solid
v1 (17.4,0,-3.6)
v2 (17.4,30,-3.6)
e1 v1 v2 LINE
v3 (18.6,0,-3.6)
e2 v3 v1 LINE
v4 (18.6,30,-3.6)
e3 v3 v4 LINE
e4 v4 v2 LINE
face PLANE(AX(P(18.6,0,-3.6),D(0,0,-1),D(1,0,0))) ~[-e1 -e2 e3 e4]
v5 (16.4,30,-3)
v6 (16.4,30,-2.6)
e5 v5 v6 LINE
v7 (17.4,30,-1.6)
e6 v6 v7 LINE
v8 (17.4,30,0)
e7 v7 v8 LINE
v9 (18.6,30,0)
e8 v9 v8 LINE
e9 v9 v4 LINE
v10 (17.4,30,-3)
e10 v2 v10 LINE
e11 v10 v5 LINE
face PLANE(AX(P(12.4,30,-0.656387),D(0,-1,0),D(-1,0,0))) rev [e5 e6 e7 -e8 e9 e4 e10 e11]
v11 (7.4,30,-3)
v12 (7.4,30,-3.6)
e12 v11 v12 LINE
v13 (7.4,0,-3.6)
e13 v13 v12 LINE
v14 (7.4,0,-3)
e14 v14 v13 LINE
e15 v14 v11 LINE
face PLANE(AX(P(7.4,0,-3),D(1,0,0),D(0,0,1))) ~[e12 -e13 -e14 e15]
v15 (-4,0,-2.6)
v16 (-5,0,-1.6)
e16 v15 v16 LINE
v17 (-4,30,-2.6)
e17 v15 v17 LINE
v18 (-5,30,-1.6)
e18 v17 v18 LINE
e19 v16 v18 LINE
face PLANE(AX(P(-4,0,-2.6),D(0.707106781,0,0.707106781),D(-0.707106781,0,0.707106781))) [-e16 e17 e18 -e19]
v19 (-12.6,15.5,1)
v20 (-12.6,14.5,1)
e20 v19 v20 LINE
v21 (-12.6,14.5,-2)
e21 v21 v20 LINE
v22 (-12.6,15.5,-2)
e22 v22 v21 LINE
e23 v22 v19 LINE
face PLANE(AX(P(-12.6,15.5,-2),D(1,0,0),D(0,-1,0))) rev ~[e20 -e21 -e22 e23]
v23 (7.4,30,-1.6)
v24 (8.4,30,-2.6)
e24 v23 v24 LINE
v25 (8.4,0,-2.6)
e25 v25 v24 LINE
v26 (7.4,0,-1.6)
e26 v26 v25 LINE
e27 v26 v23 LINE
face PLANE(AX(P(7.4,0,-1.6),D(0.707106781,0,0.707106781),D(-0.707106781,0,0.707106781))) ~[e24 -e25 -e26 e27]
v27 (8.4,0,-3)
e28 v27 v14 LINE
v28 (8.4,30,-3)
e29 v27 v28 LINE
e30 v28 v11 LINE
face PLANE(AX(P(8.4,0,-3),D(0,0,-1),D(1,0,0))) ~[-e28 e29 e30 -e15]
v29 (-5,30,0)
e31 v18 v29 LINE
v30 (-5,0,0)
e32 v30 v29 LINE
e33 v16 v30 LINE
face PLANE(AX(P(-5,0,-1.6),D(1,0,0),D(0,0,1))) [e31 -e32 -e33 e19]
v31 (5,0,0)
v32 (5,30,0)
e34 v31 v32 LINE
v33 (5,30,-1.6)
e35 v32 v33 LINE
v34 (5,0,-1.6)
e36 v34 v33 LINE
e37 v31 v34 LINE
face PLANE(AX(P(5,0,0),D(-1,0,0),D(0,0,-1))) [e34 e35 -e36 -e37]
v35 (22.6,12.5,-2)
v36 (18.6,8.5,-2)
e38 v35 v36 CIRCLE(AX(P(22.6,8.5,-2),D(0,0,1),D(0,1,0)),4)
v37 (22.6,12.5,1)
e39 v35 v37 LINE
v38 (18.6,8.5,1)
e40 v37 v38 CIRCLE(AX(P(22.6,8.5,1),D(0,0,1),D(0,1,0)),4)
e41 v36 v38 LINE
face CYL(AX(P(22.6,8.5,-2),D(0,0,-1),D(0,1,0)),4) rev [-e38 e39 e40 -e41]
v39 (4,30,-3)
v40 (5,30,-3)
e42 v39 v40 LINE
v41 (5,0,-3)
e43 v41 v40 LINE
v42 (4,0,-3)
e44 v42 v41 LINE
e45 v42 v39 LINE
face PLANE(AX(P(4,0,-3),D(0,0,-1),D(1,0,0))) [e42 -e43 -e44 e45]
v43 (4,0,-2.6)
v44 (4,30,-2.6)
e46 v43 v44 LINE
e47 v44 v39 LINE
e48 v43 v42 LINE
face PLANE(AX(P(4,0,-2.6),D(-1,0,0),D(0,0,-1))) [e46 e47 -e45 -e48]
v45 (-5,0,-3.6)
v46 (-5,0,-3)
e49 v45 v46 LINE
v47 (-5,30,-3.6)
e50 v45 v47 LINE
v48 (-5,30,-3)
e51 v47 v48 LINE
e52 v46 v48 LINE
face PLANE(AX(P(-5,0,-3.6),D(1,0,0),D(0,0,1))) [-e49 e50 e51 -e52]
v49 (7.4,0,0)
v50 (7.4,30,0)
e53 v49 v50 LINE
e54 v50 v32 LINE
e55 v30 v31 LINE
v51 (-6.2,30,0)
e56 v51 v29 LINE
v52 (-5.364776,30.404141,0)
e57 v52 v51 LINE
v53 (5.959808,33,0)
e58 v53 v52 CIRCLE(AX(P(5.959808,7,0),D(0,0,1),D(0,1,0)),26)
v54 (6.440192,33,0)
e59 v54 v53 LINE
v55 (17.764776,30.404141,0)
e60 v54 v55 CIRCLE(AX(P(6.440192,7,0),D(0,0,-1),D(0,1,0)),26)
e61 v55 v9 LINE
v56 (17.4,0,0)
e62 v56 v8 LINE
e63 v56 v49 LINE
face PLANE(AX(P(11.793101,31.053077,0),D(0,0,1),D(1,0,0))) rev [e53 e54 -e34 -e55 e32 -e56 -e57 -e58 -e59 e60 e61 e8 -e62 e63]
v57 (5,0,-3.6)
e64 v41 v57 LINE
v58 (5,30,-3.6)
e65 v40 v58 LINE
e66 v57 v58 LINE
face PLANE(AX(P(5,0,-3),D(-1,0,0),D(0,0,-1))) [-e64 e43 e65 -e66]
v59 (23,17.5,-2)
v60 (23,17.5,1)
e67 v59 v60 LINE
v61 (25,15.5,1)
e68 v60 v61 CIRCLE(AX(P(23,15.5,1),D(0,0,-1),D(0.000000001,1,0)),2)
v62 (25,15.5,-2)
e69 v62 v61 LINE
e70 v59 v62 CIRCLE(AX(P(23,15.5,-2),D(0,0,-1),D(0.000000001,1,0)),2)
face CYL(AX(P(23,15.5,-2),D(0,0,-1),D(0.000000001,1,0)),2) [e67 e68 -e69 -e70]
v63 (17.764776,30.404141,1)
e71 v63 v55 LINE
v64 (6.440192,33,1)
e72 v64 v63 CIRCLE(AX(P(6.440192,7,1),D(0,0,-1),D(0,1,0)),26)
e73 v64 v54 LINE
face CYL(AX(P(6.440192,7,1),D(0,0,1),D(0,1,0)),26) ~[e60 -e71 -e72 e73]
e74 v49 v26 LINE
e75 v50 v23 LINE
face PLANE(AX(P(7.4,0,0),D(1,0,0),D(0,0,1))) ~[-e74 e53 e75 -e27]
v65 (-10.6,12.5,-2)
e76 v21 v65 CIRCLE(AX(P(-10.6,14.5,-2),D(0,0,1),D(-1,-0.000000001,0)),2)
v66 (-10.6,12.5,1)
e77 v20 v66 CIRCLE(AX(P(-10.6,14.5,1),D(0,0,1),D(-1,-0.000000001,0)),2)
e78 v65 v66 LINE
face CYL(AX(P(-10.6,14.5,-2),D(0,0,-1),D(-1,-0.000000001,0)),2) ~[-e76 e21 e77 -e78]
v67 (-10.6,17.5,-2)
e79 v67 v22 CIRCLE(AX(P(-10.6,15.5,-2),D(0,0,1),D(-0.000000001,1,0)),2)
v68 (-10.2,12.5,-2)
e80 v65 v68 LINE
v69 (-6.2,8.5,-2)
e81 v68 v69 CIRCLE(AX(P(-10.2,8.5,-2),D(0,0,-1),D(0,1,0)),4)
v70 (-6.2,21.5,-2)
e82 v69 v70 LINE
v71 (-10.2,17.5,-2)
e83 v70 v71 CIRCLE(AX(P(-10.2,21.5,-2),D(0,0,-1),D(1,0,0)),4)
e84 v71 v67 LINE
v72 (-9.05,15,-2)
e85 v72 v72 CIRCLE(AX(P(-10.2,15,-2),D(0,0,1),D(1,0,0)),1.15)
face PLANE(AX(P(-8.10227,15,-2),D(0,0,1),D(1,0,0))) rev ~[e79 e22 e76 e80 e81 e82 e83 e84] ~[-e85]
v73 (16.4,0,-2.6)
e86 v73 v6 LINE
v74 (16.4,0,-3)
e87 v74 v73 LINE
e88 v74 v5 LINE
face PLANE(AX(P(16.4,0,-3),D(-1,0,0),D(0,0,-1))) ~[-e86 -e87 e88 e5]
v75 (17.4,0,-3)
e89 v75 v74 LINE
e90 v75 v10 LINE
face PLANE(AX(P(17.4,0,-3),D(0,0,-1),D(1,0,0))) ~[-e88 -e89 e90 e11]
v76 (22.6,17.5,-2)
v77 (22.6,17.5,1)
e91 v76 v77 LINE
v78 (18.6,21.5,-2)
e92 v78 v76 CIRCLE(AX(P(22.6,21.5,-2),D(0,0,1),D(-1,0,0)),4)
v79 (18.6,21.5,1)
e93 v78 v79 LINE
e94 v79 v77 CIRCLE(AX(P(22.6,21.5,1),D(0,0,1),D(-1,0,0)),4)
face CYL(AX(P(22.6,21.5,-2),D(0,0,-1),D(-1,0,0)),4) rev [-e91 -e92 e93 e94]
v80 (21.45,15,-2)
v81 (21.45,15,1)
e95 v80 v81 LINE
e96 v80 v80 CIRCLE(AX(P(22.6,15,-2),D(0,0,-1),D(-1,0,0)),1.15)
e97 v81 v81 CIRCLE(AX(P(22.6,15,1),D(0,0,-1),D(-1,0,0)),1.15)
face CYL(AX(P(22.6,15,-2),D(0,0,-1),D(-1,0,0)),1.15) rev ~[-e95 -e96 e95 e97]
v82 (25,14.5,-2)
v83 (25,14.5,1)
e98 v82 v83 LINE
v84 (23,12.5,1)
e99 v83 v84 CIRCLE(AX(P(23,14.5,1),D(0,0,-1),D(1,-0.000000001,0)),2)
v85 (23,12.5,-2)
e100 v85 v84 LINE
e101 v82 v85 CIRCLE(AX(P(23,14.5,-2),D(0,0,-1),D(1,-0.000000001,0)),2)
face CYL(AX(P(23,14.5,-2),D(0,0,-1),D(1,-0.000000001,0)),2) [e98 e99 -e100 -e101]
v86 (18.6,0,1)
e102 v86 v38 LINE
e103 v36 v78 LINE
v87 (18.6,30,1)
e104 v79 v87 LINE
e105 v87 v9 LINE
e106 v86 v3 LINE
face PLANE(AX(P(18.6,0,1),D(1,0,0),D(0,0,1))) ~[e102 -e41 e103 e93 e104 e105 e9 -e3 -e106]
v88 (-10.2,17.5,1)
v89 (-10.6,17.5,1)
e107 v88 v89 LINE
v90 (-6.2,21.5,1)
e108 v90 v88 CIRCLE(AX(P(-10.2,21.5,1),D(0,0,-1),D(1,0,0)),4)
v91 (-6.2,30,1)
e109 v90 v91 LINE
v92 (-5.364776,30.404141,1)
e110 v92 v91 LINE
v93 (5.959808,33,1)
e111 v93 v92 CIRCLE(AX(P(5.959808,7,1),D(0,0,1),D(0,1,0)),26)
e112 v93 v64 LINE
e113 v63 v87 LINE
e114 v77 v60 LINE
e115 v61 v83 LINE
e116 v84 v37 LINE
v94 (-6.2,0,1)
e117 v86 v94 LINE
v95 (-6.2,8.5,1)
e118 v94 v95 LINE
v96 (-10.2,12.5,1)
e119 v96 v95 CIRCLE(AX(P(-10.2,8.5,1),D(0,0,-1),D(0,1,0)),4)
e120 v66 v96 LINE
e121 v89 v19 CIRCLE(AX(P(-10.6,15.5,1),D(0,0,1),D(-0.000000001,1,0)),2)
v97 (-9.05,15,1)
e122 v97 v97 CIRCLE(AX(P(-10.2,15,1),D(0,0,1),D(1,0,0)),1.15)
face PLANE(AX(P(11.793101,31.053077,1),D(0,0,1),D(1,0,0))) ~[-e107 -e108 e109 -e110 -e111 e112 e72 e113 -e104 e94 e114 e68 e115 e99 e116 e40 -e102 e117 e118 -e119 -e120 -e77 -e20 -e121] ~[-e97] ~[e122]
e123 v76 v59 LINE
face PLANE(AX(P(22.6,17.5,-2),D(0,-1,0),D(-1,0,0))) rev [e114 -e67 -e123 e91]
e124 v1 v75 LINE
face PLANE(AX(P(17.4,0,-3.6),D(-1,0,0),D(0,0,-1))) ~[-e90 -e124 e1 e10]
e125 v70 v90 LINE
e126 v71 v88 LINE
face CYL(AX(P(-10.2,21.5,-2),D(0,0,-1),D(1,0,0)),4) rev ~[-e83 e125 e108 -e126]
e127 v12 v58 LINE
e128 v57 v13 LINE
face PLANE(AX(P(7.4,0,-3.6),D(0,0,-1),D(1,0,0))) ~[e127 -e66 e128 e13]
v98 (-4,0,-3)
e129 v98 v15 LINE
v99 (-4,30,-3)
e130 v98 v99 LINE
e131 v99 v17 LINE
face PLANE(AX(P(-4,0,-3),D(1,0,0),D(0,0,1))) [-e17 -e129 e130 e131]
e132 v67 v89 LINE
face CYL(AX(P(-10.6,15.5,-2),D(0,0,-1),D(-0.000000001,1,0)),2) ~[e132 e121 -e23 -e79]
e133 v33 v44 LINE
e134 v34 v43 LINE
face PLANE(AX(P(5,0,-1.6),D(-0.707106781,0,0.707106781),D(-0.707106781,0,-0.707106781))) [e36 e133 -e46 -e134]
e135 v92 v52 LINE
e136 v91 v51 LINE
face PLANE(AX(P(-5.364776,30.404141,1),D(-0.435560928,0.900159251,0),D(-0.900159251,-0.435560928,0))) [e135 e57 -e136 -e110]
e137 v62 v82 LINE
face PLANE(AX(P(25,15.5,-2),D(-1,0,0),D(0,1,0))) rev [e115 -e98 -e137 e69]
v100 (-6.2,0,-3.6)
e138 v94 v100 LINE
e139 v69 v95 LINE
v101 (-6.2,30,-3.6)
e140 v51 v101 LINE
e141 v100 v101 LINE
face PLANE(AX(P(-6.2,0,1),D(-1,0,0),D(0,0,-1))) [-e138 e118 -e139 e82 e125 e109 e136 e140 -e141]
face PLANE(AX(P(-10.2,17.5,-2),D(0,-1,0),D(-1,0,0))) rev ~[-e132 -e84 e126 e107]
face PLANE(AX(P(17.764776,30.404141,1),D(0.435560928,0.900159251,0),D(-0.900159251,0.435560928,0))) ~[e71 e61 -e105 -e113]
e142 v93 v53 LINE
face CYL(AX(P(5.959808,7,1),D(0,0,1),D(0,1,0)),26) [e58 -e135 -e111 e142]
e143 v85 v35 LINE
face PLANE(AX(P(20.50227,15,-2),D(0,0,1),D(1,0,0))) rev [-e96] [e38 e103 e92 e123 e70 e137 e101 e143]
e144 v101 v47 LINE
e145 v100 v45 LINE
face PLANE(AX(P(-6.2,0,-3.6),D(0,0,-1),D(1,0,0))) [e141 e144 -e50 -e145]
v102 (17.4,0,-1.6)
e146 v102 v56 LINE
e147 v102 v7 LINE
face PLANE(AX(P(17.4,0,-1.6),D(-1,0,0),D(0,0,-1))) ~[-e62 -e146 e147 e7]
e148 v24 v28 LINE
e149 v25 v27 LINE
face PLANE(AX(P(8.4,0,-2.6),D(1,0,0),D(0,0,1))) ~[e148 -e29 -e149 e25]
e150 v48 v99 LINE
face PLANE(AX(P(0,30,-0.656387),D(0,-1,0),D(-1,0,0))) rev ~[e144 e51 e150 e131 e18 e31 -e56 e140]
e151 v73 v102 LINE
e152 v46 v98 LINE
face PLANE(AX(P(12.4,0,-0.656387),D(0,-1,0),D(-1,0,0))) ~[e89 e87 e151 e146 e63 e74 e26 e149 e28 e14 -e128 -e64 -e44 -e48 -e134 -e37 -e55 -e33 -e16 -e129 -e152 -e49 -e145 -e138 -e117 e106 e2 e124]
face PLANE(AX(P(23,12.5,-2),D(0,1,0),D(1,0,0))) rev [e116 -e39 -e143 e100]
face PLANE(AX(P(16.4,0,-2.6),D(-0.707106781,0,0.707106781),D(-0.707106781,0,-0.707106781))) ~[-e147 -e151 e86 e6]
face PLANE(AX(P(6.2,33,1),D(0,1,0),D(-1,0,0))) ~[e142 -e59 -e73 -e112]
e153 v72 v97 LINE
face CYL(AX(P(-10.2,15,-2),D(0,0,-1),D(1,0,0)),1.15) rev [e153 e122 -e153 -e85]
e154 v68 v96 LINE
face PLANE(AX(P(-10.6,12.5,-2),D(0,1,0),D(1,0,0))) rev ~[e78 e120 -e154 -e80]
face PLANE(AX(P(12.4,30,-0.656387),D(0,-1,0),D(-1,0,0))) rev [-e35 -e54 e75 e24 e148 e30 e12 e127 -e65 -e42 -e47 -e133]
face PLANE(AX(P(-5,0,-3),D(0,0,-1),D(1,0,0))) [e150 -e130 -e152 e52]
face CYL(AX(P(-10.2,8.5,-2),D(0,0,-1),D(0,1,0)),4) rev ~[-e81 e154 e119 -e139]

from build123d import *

# Parameters (mm, degrees)
P_IDAT_VYSUNUT_M1_DEPTH = 30
P_IDAT_START            = -2
SKICA2_R                = 1.15
P_IDAT_VYSUNUT_M2_DEPTH = 3
P_IDAT_VYSUNUT_M3_DEPTH = 1


with BuildPart() as part:
    # Skica1 → Přidat vysunutím1 (new body)
    with BuildSketch(Plane(origin=(0, 0, 0), x_dir=(1, 0, 0), z_dir=(0, 1, 0))):
        Polygon((-5, 0), (5, 0), (5, 1.6), (4, 2.6), (4, 3), (5, 3), (5, 3.6), (6.2, 3.6), (6.2, -1), (-6.2, -1), (-6.2, 3.6), (-5, 3.6), (-5, 3), (-4, 3), (-4, 2.6), (-5, 1.6), align=None)
    p_idat_vysunut_m1 = extrude(amount=P_IDAT_VYSUNUT_M1_DEPTH)

    # Skica2 → Přidat vysunutím2 (add)
    with BuildSketch(Plane.XY.offset(P_IDAT_START)):
        with BuildLine():
            Line((-10.2, 17.5), (-10.6, 17.5))
            ThreePointArc((-10.6, 17.5), (-12.014213562, 16.914213562), (-12.6, 15.5))
            Line((-12.6, 15.5), (-12.6, 14.5))
            ThreePointArc((-12.6, 14.5), (-12.014213562, 13.085786438), (-10.6, 12.5))
            Line((-10.6, 12.5), (-10.2, 12.5))
            ThreePointArc((-10.2, 12.5), (-7.371572875, 11.328427125), (-6.2, 8.5))
            Line((-6.2, 8.5), (-6.2, 21.5))
            ThreePointArc((-6.2, 21.5), (-7.371572875, 18.671572875), (-10.2, 17.5))
        make_face()
        with Locations((-10.2, 15)):
            Circle(SKICA2_R, mode=Mode.SUBTRACT)
    p_idat_vysunut_m2 = extrude(amount=P_IDAT_VYSUNUT_M2_DEPTH)

    # Skica3 → Přidat vysunutím3 (add)
    with BuildSketch(Plane.XY.offset(1)):
        with BuildLine():
            Line((-6.2, 30), (6.2, 30))
            Line((6.2, 30), (6.2, 33))
            Line((6.2, 33), (5.959807907, 33))
            ThreePointArc((5.959807907, 33), (0.150662271, 32.3427273), (-5.364776224, 30.404140537))
            Line((-5.364776224, 30.404140537), (-6.2, 30))
        make_face()
    p_idat_vysunut_m3 = extrude(amount=-P_IDAT_VYSUNUT_M3_DEPTH)

    # Zrcadlit2: Přidat vysunutím1, Přidat vysunutím2, Přidat vysunutím3 across plane
    add(p_idat_vysunut_m1.mirror(Plane(origin=(6.2, 30, -3.6), x_dir=(0, 0, 1), z_dir=(-1, 0, 0))))
    add(p_idat_vysunut_m2.mirror(Plane(origin=(6.2, 30, -3.6), x_dir=(0, 0, 1), z_dir=(-1, 0, 0))))
    add(p_idat_vysunut_m3.mirror(Plane(origin=(6.2, 30, -3.6), x_dir=(0, 0, 1), z_dir=(-1, 0, 0))))


solid = part.part
